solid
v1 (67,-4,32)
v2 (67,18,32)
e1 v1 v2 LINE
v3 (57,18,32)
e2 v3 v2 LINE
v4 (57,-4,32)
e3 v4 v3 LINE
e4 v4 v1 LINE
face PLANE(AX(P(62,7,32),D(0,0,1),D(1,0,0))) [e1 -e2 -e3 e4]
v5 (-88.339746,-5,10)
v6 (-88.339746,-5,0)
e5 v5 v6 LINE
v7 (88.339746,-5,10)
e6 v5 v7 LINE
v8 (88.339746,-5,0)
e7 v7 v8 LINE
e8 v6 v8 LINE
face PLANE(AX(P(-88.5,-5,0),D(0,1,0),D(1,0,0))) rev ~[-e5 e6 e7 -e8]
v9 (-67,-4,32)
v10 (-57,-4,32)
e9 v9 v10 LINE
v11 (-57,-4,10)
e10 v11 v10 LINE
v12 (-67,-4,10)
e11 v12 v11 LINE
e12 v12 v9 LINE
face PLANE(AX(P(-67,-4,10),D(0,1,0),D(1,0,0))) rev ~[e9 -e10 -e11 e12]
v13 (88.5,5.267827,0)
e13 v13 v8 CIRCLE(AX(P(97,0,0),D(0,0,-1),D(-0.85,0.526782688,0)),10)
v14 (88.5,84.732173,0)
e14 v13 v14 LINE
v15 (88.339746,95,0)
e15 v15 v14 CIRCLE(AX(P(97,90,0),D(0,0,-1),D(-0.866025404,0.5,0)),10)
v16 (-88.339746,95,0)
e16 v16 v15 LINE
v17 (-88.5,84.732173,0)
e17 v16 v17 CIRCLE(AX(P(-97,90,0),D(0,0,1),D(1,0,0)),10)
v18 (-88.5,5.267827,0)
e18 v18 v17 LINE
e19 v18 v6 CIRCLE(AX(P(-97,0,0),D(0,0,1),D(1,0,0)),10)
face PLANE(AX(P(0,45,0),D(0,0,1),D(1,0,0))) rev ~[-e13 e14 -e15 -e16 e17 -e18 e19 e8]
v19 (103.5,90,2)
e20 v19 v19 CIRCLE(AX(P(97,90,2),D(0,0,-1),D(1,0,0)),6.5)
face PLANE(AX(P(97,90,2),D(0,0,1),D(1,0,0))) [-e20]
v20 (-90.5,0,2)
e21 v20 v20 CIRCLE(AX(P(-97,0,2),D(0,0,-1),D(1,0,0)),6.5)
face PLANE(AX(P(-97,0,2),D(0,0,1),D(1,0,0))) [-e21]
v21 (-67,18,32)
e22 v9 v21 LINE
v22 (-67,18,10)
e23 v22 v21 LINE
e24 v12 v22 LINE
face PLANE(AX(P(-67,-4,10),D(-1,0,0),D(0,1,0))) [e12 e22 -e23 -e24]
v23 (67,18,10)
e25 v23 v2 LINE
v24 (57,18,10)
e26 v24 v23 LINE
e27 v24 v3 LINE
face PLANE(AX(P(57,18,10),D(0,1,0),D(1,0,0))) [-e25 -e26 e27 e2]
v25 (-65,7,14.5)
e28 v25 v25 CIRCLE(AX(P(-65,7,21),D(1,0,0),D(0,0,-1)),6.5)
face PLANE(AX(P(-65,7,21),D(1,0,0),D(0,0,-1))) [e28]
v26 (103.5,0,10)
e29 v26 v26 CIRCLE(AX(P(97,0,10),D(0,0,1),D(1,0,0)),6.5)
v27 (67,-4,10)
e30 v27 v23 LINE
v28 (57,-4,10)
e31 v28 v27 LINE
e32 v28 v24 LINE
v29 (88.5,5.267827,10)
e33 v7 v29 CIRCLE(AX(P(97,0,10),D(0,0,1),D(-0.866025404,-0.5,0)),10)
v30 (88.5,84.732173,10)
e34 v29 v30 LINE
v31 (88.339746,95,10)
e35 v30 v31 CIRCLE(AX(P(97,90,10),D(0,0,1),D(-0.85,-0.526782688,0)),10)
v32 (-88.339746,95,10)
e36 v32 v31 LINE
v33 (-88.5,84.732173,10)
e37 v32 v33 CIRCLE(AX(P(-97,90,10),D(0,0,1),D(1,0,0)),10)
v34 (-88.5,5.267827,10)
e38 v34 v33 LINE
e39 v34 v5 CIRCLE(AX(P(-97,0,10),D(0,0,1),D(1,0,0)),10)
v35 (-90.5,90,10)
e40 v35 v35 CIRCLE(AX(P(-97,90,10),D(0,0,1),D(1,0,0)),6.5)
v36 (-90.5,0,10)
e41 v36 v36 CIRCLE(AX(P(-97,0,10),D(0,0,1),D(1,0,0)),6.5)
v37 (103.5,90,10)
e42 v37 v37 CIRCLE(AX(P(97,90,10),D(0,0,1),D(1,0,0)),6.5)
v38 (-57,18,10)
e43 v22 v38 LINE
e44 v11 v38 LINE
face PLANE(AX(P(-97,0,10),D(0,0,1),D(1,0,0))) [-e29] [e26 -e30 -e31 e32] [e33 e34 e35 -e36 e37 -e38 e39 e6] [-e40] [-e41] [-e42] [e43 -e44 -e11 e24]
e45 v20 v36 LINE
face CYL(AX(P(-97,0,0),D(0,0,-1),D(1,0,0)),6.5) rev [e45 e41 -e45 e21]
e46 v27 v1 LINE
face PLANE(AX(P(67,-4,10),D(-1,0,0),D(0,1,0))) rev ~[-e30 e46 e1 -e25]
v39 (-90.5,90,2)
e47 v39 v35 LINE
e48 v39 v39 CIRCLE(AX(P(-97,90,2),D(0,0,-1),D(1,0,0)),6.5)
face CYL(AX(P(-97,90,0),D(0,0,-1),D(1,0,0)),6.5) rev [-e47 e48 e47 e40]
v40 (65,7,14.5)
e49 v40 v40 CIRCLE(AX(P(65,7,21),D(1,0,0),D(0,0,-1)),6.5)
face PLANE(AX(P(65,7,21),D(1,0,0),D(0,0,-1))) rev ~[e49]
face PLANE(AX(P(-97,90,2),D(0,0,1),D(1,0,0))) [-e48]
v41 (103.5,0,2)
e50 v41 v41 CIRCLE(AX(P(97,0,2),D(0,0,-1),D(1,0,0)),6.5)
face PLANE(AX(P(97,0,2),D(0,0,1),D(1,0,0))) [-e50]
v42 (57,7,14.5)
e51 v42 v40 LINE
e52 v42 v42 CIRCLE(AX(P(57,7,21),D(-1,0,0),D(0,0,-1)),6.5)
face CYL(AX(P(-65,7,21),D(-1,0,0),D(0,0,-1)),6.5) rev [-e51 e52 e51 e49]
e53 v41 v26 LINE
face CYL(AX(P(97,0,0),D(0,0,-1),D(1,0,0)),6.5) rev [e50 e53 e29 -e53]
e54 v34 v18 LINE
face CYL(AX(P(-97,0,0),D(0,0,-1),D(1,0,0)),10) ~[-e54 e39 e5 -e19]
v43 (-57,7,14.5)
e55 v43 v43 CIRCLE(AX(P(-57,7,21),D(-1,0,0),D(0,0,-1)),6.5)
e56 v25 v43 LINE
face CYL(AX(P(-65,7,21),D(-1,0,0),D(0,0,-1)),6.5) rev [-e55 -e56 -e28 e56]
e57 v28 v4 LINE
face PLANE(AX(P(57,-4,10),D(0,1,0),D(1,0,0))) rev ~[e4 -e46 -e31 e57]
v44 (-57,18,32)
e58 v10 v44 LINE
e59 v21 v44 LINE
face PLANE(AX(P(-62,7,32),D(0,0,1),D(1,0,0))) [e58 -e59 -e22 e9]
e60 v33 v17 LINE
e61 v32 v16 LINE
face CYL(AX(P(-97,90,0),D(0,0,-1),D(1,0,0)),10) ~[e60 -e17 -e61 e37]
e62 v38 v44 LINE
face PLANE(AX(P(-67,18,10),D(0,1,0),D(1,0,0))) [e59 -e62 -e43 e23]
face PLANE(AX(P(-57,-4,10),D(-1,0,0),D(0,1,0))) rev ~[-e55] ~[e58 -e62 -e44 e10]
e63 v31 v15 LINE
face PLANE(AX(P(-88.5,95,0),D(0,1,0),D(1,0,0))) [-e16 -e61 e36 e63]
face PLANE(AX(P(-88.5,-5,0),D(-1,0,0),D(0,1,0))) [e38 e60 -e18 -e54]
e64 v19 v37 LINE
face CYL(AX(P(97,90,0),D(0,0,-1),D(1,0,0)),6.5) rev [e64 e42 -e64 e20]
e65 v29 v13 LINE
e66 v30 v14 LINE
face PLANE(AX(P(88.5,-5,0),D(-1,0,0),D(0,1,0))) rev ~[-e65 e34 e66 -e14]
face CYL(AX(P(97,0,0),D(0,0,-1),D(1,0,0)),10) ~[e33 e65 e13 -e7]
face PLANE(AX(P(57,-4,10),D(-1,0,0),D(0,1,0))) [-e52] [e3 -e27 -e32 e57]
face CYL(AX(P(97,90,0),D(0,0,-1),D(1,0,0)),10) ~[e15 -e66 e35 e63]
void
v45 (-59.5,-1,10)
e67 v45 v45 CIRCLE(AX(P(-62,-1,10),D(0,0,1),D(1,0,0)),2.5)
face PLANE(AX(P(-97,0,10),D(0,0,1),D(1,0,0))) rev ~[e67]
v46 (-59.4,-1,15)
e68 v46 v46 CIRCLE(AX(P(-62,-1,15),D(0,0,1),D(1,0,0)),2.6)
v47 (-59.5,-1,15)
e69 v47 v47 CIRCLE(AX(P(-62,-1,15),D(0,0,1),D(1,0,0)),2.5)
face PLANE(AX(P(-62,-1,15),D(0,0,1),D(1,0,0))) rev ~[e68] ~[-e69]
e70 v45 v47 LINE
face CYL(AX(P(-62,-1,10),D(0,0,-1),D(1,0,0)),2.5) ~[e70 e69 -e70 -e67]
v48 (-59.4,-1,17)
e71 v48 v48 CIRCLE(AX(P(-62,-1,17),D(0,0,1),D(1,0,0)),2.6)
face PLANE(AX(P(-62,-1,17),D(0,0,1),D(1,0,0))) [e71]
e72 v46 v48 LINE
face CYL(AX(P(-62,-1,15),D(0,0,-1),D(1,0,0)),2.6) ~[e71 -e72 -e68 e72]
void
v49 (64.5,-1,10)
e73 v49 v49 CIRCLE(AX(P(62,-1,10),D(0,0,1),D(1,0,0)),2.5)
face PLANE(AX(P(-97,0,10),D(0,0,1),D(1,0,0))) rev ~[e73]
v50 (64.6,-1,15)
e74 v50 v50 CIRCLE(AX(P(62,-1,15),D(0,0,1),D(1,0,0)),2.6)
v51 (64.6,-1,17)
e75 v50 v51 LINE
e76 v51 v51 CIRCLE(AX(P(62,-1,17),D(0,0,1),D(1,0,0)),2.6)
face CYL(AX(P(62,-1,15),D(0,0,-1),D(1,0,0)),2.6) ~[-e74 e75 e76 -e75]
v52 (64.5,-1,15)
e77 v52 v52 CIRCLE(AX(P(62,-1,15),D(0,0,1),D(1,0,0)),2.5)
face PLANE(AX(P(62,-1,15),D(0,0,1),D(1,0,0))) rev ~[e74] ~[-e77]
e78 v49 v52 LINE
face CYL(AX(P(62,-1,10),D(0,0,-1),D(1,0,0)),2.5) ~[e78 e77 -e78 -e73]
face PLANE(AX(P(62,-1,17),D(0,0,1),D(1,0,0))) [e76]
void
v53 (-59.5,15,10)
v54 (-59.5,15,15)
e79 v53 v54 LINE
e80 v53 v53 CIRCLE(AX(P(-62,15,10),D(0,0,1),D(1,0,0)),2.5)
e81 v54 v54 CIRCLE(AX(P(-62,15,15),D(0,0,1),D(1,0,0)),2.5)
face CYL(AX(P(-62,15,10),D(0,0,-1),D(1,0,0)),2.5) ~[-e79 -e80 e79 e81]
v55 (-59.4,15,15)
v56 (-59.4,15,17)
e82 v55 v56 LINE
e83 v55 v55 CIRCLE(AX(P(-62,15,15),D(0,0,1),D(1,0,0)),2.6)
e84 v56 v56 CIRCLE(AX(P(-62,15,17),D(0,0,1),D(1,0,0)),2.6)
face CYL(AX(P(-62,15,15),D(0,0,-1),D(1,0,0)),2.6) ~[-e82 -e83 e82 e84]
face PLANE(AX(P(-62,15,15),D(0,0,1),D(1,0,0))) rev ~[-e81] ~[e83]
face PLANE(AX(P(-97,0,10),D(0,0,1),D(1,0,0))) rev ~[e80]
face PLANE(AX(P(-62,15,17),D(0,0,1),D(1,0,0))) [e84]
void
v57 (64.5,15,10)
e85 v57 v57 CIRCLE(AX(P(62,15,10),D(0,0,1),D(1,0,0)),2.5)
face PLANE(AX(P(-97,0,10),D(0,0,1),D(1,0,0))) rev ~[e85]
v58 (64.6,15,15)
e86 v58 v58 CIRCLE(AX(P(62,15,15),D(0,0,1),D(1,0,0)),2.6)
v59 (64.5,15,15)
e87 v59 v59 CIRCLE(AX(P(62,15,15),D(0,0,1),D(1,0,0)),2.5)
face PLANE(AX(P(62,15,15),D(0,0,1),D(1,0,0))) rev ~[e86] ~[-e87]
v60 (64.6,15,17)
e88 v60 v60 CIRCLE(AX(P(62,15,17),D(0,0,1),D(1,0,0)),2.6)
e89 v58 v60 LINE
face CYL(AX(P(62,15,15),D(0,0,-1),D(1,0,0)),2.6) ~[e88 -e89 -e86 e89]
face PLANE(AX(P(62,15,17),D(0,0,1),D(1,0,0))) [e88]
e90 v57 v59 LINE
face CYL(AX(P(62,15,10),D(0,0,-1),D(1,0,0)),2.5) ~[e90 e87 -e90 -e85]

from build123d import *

# Parameters (mm, degrees)
CYLINDER093_R     = 10
CYLINDER093_DEPTH = 2
CYLINDER091_R     = 10
CYLINDER091_DEPTH = 2
CYLINDER090_R     = 10
CYLINDER090_DEPTH = 2
CYLINDER087_R     = 6.5
CYLINDER087_DEPTH = 10
CYLINDER086_R     = 10
CYLINDER086_DEPTH = 10
CYLINDER088_R     = 6.5
CYLINDER088_DEPTH = 10
CYLINDER089_R     = 10
CYLINDER089_DEPTH = 10
CYLINDER084_R     = 6.5
CYLINDER084_DEPTH = 10
CYLINDER082_R     = 10
CYLINDER082_DEPTH = 10
CYLINDER083_R     = 6.5
CYLINDER083_DEPTH = 10
CYLINDER085_R     = 10
CYLINDER085_DEPTH = 10
BOX025_W          = 177
BOX025_H          = 100
BOX025_DEPTH      = 10
CYLINDER069_R     = 2.6
CYLINDER069_DEPTH = 2
CYLINDER068_R     = 2.5
CYLINDER068_DEPTH = 5
CYLINDER071_R     = 2.6
CYLINDER071_DEPTH = 2
CYLINDER070_R     = 2.5
CYLINDER070_DEPTH = 5
CYLINDER073_R     = 2.6
CYLINDER073_DEPTH = 2
CYLINDER072_R     = 2.5
CYLINDER072_DEPTH = 5
CYLINDER066_R     = 2.6
CYLINDER066_DEPTH = 2
CYLINDER067_R     = 2.5
CYLINDER067_DEPTH = 5
CYLINDER063_R     = 6.5
CYLINDER063_DEPTH = 130
BOX024_W          = 10
BOX024_H          = 22
BOX024_DEPTH      = 22
BOX023_W          = 10
BOX023_H          = 22
BOX023_DEPTH      = 22
CYLINDER092_R     = 10
CYLINDER092_DEPTH = 2


with BuildPart() as cilindro093:
    # Cylinder093 → Cylinder093 (new body)
    with BuildSketch(Plane(origin=(97, 0, 0), x_dir=(1, 0, 0), z_dir=(0, 0, 1))):
        Circle(CYLINDER093_R)
    extrude(amount=CYLINDER093_DEPTH)


with BuildPart() as cilindro091:
    # Cylinder091 → Cylinder091 (new body)
    with BuildSketch(Plane(origin=(-97, 90, 0), x_dir=(1, 0, 0), z_dir=(0, 0, 1))):
        Circle(CYLINDER091_R)
    extrude(amount=CYLINDER091_DEPTH)


with BuildPart() as cilindro090:
    # Cylinder090 → Cylinder090 (new body)
    with BuildSketch(Plane(origin=(-97, 0, 0), x_dir=(1, 0, 0), z_dir=(0, 0, 1))):
        Circle(CYLINDER090_R)
    extrude(amount=CYLINDER090_DEPTH)


with BuildPart() as cilindro087:
    # Cylinder087 → Cylinder087 (new body)
    with BuildSketch(Plane(origin=(0, 20, 0), x_dir=(1, 0, 0), z_dir=(0, 0, 1))):
        Circle(CYLINDER087_R)
    extrude(amount=CYLINDER087_DEPTH)


with BuildPart() as unionbarra020:
    # Cylinder086 → Cylinder086 (new body)
    with BuildSketch(Plane(origin=(0, 20, 0), x_dir=(1, 0, 0), z_dir=(0, 0, 1))):
        Circle(CYLINDER086_R)
    extrude(amount=CYLINDER086_DEPTH)

    # Cut051: cut Cilindro087
    add(cilindro087.part, mode=Mode.SUBTRACT)


with BuildPart() as unionbarra020_1:
    # Cut051 placement: moved
    add(unionbarra020.part.moved(Location((-97, -20, 0))))


with BuildPart() as cilindro088:
    # Cylinder088 → Cylinder088 (new body)
    with BuildSketch(Plane(origin=(0, 20, 0), x_dir=(1, 0, 0), z_dir=(0, 0, 1))):
        Circle(CYLINDER088_R)
    extrude(amount=CYLINDER088_DEPTH)


with BuildPart() as fusion034:
    # Cylinder089 → Cylinder089 (new body)
    with BuildSketch(Plane(origin=(0, 20, 0), x_dir=(1, 0, 0), z_dir=(0, 0, 1))):
        Circle(CYLINDER089_R)
    extrude(amount=CYLINDER089_DEPTH)

    # Cut052: cut Cilindro088
    add(cilindro088.part, mode=Mode.SUBTRACT)


with BuildPart() as fusion034_1:
    # Cut052 placement: moved
    add(fusion034.part.moved(Location((97, -20, 0))))

    # Fusion034: union unionbarra020
    add(unionbarra020_1.part)


with BuildPart() as fusion034_2:
    # Fusion034 placement: moved
    add(fusion034_1.part.moved(Location((0, 90, 0))))


with BuildPart() as cilindro084:
    # Cylinder084 → Cylinder084 (new body)
    with BuildSketch(Plane(origin=(0, 20, 0), x_dir=(1, 0, 0), z_dir=(0, 0, 1))):
        Circle(CYLINDER084_R)
    extrude(amount=CYLINDER084_DEPTH)


with BuildPart() as unionbarra018:
    # Cylinder082 → Cylinder082 (new body)
    with BuildSketch(Plane(origin=(0, 20, 0), x_dir=(1, 0, 0), z_dir=(0, 0, 1))):
        Circle(CYLINDER082_R)
    extrude(amount=CYLINDER082_DEPTH)

    # Cut049: cut Cilindro084
    add(cilindro084.part, mode=Mode.SUBTRACT)


with BuildPart() as unionbarra018_1:
    # Cut049 placement: moved
    add(unionbarra018.part.moved(Location((-97, -20, 0))))


with BuildPart() as cilindro083:
    # Cylinder083 → Cylinder083 (new body)
    with BuildSketch(Plane(origin=(0, 20, 0), x_dir=(1, 0, 0), z_dir=(0, 0, 1))):
        Circle(CYLINDER083_R)
    extrude(amount=CYLINDER083_DEPTH)


with BuildPart() as fusion033:
    # Cylinder085 → Cylinder085 (new body)
    with BuildSketch(Plane(origin=(0, 20, 0), x_dir=(1, 0, 0), z_dir=(0, 0, 1))):
        Circle(CYLINDER085_R)
    extrude(amount=CYLINDER085_DEPTH)

    # Cut050: cut Cilindro083
    add(cilindro083.part, mode=Mode.SUBTRACT)


with BuildPart() as fusion033_1:
    # Cut050 placement: moved
    add(fusion033.part.moved(Location((97, -20, 0))))

    # Fusion033: union unionbarra018
    add(unionbarra018_1.part)


with BuildPart() as barra007:
    # Box025 → Box025 (new body)
    with BuildSketch(Plane(origin=(-88.5, -5, 0), x_dir=(1, 0, 0), z_dir=(0, 0, 1))):
        with Locations((88.5, 50)):
            Rectangle(BOX025_W, BOX025_H)
    extrude(amount=BOX025_DEPTH)


with BuildPart() as cilindro069:
    # Cylinder069 → Cylinder069 (new body)
    with BuildSketch(Plane.XY.offset(5)):
        Circle(CYLINDER069_R)
    extrude(amount=CYLINDER069_DEPTH)


with BuildPart() as enganche_lego002:
    # Cylinder068 → Cylinder068 (new body)
    with BuildSketch(Plane.XY):
        Circle(CYLINDER068_R)
    extrude(amount=CYLINDER068_DEPTH)

    # Fusion024: union Cilindro069
    add(cilindro069.part)


with BuildPart() as enganche_lego002_1:
    # Fusion024 placement: moved
    add(enganche_lego002.part.moved(Location((3, 8, -11))))


with BuildPart() as cilindro071:
    # Cylinder071 → Cylinder071 (new body)
    with BuildSketch(Plane.XY.offset(5)):
        Circle(CYLINDER071_R)
    extrude(amount=CYLINDER071_DEPTH)


with BuildPart() as enganche_lego003:
    # Cylinder070 → Cylinder070 (new body)
    with BuildSketch(Plane.XY):
        Circle(CYLINDER070_R)
    extrude(amount=CYLINDER070_DEPTH)

    # Fusion025: union Cilindro071
    add(cilindro071.part)


with BuildPart() as enganche_lego003_1:
    # Fusion025 placement: moved
    add(enganche_lego003.part.moved(Location((127, 8, -11))))


with BuildPart() as cilindro073:
    # Cylinder073 → Cylinder073 (new body)
    with BuildSketch(Plane.XY.offset(5)):
        Circle(CYLINDER073_R)
    extrude(amount=CYLINDER073_DEPTH)


with BuildPart() as enganche_lego004:
    # Cylinder072 → Cylinder072 (new body)
    with BuildSketch(Plane.XY):
        Circle(CYLINDER072_R)
    extrude(amount=CYLINDER072_DEPTH)

    # Fusion026: union Cilindro073
    add(cilindro073.part)


with BuildPart() as enganche_lego004_1:
    # Fusion026 placement: moved
    add(enganche_lego004.part.moved(Location((127, -8, -11))))


with BuildPart() as cilindro066:
    # Cylinder066 → Cylinder066 (new body)
    with BuildSketch(Plane.XY.offset(5)):
        Circle(CYLINDER066_R)
    extrude(amount=CYLINDER066_DEPTH)


with BuildPart() as fusion027:
    # Cylinder067 → Cylinder067 (new body)
    with BuildSketch(Plane.XY):
        Circle(CYLINDER067_R)
    extrude(amount=CYLINDER067_DEPTH)

    # Fusion023: union Cilindro066
    add(cilindro066.part)


with BuildPart() as fusion027_1:
    # Fusion023 placement: moved
    add(fusion027.part.moved(Location((3, -8, -11))))

    # Fusion027: union enganche_lego002, enganche_lego003, enganche_lego004
    add(enganche_lego002_1.part)
    add(enganche_lego003_1.part)
    add(enganche_lego004_1.part)


with BuildPart() as cilindro063:
    # Cylinder063 → Cylinder063 (new body)
    with BuildSketch(Plane(origin=(0, 0, 0), x_dir=(0, 0, -1), z_dir=(1, 0, 0))):
        Circle(CYLINDER063_R)
    extrude(amount=CYLINDER063_DEPTH)


with BuildPart() as cubo022:
    # Box024 → Box024 (new body)
    with BuildSketch(Plane(origin=(122, -11, -11), x_dir=(1, 0, 0), z_dir=(0, 0, 1))):
        with Locations((5, 11)):
            Rectangle(BOX024_W, BOX024_H)
    extrude(amount=BOX024_DEPTH)


with BuildPart() as lim_barra:
    # Box023 → Box023 (new body)
    with BuildSketch(Plane(origin=(-2, -11, -11), x_dir=(1, 0, 0), z_dir=(0, 0, 1))):
        with Locations((5, 11)):
            Rectangle(BOX023_W, BOX023_H)
    extrude(amount=BOX023_DEPTH)

    # Fusion021: union Cubo022
    add(cubo022.part)

    # Cut046: cut Cilindro063
    add(cilindro063.part, mode=Mode.SUBTRACT)

    # Cut047: cut Fusion027
    add(fusion027_1.part, mode=Mode.SUBTRACT)


with BuildPart() as lim_barra_1:
    # Cut047 placement: moved
    add(lim_barra.part.moved(Location((-65, 7, 21))))


with BuildPart() as placa_fija_arriba:
    # Cylinder092 → Cylinder092 (new body)
    with BuildSketch(Plane(origin=(97, 90, 0), x_dir=(1, 0, 0), z_dir=(0, 0, 1))):
        Circle(CYLINDER092_R)
    extrude(amount=CYLINDER092_DEPTH)

    # Fusion035: union Cilindro093, Cilindro091, Cilindro090, Fusion034, Fusion033, barra007, lim_barra
    add(cilindro093.part)
    add(cilindro091.part)
    add(cilindro090.part)
    add(fusion034_2.part)
    add(fusion033_1.part)
    add(barra007.part)
    add(lim_barra_1.part)


solid = placa_fija_arriba.part
